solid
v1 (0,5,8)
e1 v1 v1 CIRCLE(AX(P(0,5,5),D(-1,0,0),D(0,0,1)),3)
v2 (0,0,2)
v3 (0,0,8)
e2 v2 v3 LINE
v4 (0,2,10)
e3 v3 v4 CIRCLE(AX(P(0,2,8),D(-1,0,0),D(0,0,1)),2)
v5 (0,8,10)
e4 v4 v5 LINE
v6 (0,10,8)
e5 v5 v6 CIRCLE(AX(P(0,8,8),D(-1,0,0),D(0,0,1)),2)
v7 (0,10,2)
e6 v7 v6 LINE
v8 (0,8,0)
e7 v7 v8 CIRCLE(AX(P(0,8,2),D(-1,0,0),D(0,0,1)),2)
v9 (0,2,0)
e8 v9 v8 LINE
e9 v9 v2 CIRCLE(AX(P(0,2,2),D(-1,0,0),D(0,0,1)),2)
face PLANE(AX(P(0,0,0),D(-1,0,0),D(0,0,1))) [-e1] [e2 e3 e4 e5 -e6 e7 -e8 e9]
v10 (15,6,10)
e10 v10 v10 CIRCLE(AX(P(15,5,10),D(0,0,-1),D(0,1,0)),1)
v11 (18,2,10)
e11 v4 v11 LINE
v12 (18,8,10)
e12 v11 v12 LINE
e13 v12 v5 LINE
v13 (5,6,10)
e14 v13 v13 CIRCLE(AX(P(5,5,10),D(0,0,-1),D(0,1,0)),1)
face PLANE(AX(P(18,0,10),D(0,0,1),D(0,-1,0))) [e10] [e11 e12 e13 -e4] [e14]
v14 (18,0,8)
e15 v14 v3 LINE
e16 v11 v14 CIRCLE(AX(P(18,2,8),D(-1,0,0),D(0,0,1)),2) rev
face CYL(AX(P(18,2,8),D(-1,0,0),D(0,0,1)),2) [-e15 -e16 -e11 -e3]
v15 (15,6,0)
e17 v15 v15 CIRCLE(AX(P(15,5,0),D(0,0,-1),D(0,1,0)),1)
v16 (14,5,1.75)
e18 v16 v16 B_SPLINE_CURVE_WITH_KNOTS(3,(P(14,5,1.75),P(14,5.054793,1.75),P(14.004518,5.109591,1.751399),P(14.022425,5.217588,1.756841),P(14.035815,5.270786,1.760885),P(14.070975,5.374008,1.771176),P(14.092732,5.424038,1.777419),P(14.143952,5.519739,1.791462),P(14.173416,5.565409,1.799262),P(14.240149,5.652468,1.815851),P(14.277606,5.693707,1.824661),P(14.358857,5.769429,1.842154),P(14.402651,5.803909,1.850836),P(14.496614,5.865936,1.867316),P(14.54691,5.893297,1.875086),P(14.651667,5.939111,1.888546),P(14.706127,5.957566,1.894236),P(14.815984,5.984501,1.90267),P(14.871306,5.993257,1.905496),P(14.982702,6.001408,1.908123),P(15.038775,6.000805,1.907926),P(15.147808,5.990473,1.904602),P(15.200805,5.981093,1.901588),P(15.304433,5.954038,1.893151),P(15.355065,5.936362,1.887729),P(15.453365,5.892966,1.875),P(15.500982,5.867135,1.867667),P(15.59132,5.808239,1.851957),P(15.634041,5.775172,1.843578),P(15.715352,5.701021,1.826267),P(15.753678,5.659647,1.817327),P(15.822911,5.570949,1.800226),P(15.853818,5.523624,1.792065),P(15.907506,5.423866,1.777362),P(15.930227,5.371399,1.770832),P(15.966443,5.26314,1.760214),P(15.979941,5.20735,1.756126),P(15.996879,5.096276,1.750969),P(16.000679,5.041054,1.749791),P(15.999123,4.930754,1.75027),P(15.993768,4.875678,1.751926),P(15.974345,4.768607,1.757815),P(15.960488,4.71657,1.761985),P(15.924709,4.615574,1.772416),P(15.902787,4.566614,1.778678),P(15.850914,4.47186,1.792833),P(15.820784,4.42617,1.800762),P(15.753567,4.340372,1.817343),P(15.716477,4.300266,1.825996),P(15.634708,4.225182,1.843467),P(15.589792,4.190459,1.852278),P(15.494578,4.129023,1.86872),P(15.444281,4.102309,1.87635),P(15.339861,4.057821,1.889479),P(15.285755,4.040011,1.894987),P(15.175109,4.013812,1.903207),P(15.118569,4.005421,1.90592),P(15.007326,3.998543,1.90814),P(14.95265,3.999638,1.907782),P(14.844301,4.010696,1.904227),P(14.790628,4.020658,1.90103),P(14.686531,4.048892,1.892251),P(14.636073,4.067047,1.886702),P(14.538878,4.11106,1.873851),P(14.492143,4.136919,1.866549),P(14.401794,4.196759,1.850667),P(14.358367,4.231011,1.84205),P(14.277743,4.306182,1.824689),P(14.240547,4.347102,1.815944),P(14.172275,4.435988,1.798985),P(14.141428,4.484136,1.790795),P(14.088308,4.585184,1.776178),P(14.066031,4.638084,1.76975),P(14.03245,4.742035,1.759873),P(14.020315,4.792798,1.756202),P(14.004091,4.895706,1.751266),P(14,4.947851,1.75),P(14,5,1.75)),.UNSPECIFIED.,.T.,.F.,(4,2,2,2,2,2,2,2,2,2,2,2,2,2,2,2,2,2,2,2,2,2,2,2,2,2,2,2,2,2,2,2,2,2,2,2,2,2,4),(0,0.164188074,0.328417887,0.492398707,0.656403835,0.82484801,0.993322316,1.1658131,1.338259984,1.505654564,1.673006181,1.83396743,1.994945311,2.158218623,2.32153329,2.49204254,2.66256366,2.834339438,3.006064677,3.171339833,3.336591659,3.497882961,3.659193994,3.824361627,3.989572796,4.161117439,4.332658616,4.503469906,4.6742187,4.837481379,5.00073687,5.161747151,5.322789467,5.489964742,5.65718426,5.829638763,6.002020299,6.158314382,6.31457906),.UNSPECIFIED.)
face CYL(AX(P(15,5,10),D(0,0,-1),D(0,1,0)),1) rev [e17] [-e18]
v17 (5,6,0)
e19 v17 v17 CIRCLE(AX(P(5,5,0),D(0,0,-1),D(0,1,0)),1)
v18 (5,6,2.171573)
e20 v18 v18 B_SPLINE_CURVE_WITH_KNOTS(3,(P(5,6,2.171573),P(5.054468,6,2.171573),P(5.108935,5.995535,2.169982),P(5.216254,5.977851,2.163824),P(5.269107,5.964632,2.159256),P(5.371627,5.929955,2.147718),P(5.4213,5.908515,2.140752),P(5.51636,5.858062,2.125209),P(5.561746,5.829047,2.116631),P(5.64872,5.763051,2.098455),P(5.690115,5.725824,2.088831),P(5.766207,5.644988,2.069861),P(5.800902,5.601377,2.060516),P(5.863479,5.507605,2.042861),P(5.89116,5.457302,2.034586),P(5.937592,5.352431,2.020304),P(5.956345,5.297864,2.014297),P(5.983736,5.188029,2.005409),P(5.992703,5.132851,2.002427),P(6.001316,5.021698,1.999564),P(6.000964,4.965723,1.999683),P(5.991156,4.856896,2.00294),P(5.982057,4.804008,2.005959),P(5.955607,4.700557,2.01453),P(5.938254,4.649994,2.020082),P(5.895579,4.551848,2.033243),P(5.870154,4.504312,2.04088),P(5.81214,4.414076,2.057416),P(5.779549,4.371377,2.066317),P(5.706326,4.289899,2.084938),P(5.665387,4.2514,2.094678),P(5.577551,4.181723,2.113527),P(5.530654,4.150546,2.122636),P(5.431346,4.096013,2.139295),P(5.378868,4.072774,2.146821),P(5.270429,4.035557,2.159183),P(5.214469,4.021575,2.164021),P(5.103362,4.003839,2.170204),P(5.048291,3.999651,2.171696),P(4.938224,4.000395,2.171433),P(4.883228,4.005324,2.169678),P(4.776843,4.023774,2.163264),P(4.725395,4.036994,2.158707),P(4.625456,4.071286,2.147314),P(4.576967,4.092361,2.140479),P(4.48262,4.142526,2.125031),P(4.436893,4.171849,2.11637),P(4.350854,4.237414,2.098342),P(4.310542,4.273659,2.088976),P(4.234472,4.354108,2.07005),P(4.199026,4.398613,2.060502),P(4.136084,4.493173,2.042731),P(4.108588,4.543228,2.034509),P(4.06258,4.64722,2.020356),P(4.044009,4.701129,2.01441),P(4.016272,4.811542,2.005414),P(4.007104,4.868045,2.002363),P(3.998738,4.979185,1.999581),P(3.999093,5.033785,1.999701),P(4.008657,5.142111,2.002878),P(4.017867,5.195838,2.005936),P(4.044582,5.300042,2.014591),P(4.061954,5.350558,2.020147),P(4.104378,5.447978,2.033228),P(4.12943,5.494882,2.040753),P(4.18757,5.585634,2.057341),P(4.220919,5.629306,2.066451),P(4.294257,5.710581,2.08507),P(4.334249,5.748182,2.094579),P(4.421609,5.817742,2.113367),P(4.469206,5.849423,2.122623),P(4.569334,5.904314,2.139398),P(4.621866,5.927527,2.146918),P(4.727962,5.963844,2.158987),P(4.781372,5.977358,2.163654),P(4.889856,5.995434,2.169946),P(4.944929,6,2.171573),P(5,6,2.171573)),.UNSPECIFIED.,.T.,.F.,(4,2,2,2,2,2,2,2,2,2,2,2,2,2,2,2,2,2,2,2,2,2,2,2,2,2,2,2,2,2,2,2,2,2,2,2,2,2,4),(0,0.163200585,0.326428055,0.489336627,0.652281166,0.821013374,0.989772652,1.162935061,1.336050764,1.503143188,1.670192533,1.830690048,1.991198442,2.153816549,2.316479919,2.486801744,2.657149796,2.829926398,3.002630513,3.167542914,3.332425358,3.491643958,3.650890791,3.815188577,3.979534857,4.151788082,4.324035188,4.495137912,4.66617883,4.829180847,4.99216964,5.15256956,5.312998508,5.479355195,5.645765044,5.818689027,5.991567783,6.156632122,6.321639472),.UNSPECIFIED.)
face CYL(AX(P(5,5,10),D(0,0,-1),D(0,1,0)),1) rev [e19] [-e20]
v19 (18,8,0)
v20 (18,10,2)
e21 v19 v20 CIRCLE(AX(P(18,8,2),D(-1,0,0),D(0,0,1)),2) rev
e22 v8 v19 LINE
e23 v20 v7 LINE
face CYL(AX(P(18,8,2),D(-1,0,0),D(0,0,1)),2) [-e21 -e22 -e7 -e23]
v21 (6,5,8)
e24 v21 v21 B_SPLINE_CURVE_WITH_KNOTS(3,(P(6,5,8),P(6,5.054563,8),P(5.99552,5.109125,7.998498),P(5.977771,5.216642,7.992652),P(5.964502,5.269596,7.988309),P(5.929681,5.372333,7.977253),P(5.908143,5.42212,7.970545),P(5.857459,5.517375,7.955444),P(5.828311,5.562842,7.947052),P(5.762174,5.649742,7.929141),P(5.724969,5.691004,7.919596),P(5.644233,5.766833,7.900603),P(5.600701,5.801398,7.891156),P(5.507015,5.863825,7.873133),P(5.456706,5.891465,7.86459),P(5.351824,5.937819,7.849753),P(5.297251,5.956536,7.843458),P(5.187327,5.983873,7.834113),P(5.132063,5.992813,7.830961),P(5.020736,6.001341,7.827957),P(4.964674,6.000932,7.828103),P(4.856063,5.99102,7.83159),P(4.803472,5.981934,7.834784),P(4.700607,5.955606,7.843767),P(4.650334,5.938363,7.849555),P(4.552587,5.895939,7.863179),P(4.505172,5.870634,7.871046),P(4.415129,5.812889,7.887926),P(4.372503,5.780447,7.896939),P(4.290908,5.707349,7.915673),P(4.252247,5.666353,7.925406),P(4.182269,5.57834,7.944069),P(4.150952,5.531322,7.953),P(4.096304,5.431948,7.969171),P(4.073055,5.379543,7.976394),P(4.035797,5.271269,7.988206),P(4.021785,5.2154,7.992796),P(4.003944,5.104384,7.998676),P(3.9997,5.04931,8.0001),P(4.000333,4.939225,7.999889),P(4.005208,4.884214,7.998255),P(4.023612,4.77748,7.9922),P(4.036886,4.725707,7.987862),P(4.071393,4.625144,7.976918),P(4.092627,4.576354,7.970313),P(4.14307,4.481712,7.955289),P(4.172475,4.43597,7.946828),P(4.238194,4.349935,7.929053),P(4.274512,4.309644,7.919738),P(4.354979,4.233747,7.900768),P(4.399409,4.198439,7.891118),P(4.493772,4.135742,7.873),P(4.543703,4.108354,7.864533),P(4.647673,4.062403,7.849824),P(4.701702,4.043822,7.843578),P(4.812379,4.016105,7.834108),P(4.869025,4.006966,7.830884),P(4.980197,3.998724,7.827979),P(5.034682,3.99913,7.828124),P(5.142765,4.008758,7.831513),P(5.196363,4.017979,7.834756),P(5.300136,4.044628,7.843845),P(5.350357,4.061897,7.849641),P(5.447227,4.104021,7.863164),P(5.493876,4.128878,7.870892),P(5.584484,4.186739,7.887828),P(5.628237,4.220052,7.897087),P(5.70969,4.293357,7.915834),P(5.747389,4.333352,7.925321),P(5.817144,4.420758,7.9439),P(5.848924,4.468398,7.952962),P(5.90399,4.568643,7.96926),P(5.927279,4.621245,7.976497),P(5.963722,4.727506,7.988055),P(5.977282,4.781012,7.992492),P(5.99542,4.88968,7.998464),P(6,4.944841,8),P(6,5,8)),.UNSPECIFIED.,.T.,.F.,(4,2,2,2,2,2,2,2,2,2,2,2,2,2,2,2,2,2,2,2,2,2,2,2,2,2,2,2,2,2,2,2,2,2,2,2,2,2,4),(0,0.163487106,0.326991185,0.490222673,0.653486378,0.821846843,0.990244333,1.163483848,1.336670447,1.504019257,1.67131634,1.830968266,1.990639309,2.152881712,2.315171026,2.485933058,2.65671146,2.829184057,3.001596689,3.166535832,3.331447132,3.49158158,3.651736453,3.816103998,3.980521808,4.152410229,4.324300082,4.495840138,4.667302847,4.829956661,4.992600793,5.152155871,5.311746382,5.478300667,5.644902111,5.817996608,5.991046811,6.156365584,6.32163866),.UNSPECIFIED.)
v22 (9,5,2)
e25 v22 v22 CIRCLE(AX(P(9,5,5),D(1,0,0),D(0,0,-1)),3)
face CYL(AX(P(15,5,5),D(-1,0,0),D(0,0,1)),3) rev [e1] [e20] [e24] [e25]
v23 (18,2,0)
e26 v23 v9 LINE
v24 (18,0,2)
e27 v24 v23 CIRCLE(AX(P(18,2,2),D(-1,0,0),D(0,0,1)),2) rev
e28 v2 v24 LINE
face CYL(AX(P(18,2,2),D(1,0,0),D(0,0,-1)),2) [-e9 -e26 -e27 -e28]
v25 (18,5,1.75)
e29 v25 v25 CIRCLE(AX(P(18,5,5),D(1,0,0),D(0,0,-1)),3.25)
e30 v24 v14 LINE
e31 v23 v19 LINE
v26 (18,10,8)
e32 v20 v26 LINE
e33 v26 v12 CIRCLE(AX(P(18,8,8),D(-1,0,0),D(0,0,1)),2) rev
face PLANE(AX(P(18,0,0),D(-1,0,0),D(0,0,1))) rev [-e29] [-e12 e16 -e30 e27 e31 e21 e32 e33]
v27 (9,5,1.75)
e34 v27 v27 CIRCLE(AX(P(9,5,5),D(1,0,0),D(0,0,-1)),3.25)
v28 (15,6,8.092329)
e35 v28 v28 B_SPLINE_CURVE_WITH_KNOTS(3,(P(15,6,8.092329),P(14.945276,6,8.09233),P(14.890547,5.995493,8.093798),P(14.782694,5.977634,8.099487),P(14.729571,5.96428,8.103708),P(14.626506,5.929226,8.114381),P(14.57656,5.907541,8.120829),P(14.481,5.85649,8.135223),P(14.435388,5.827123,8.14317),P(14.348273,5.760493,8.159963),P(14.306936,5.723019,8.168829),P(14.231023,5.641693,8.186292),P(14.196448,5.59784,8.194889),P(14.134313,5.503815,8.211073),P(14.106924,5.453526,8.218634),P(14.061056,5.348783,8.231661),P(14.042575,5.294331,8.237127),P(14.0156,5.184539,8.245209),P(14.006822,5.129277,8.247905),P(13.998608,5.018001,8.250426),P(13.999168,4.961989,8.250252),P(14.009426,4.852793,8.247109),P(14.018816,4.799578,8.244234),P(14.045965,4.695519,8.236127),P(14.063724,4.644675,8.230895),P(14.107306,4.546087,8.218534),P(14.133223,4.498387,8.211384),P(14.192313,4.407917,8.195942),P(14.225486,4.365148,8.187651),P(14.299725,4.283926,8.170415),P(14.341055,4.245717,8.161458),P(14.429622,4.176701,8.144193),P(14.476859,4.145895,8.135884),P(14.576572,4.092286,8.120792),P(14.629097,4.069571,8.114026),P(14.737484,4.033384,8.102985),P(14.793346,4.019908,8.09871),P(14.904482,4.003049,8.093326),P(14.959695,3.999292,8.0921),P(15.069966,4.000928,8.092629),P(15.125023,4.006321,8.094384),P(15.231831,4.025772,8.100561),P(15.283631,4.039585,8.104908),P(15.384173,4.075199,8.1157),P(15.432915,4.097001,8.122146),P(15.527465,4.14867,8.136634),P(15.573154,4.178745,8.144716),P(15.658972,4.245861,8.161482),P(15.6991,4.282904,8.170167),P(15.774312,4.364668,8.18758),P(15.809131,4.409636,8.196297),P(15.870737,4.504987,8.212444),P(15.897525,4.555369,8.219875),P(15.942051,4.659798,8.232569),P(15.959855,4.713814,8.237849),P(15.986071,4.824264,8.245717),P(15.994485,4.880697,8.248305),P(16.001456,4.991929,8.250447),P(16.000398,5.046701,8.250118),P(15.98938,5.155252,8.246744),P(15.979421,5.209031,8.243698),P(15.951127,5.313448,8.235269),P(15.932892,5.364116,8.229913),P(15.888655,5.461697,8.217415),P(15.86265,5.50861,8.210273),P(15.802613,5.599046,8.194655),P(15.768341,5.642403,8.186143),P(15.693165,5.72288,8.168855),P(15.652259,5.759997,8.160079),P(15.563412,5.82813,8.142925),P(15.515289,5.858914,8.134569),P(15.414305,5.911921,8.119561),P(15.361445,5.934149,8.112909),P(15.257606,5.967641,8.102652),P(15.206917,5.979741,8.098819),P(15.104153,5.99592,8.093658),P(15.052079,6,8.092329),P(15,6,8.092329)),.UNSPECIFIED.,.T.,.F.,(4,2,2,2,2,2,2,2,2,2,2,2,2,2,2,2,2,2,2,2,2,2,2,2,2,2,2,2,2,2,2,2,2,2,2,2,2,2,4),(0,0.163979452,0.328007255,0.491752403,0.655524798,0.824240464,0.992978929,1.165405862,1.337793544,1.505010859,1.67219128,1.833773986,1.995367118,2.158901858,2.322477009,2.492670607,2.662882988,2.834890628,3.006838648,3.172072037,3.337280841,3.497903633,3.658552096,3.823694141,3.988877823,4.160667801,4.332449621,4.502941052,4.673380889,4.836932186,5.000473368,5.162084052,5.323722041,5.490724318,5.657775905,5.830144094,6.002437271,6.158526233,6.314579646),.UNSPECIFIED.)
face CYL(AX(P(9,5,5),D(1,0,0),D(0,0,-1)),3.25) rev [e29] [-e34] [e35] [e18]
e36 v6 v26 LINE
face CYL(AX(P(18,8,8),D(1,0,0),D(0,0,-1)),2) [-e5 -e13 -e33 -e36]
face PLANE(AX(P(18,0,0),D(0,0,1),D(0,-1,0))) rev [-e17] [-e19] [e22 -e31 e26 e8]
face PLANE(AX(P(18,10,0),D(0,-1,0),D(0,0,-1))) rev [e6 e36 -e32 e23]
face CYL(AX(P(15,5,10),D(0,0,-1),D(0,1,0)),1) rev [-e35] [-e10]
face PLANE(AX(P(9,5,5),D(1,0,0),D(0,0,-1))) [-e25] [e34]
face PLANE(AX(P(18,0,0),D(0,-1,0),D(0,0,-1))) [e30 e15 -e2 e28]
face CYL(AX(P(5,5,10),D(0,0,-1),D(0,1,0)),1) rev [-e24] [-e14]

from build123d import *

# Parameters (mm, degrees)
SKETCH_1_W          = 10
SKETCH_1_H          = 10
EXTRUDE_2_DEPTH     = 18
SKETCH_2_R          = 3.25
CUT_EXTRUDE_1_DEPTH = 9
SKETCH_3_R          = 3
CUT_EXTRUDE_2_DEPTH = 15
SKETCH_4_R          = 1
CUT_EXTRUDE_3_DEPTH = 10
FILLET_1_R          = 2


with BuildPart() as part:
    # 草图1 → 凸台-拉伸2 (new body)
    with BuildSketch(Plane(origin=(0, 0, 0), x_dir=(0, 0, -1), z_dir=(1, 0, 0))):
        with Locations((-5, 5)):
            Rectangle(SKETCH_1_W, SKETCH_1_H)
    extrude(amount=EXTRUDE_2_DEPTH)

    # 草图2 → 切除-拉伸1 (cut)
    with BuildSketch(Plane(origin=(18, 0, 0), x_dir=(0, 0, -1), z_dir=(1, 0, 0))):
        with Locations((-5, 5)):
            Circle(SKETCH_2_R)
    extrude(amount=-CUT_EXTRUDE_1_DEPTH, mode=Mode.SUBTRACT)

    # 草图3 → 切除-拉伸2 (cut)
    with BuildSketch(Plane.ZY):
        with Locations((5, 5)):
            Circle(SKETCH_3_R)
    extrude(amount=-CUT_EXTRUDE_2_DEPTH, mode=Mode.SUBTRACT)

    # 草图4 → 切除-拉伸3 (cut)
    with BuildSketch(Plane(origin=(0, 0, 0), x_dir=(-1, 0, 0), z_dir=(0, 0, -1))):
        with Locations(Location((-15, 5, 0), (0, 0, 90))):
            Circle(SKETCH_4_R)
        with Locations(Location((-5, 5, 0), (0, 0, 90))):
            Circle(SKETCH_4_R)
    extrude(amount=-CUT_EXTRUDE_3_DEPTH, mode=Mode.SUBTRACT)

    # 圆角1
    fillet_1_edges = [part.edges().sort_by_distance(p)[0] for p in [
        (9, 0, 0),
        (9, 10, 0),
        (9, 10, 10),
        (9, 0, 10),
    ]]
    fillet(fillet_1_edges, radius=FILLET_1_R)


solid = part.part
